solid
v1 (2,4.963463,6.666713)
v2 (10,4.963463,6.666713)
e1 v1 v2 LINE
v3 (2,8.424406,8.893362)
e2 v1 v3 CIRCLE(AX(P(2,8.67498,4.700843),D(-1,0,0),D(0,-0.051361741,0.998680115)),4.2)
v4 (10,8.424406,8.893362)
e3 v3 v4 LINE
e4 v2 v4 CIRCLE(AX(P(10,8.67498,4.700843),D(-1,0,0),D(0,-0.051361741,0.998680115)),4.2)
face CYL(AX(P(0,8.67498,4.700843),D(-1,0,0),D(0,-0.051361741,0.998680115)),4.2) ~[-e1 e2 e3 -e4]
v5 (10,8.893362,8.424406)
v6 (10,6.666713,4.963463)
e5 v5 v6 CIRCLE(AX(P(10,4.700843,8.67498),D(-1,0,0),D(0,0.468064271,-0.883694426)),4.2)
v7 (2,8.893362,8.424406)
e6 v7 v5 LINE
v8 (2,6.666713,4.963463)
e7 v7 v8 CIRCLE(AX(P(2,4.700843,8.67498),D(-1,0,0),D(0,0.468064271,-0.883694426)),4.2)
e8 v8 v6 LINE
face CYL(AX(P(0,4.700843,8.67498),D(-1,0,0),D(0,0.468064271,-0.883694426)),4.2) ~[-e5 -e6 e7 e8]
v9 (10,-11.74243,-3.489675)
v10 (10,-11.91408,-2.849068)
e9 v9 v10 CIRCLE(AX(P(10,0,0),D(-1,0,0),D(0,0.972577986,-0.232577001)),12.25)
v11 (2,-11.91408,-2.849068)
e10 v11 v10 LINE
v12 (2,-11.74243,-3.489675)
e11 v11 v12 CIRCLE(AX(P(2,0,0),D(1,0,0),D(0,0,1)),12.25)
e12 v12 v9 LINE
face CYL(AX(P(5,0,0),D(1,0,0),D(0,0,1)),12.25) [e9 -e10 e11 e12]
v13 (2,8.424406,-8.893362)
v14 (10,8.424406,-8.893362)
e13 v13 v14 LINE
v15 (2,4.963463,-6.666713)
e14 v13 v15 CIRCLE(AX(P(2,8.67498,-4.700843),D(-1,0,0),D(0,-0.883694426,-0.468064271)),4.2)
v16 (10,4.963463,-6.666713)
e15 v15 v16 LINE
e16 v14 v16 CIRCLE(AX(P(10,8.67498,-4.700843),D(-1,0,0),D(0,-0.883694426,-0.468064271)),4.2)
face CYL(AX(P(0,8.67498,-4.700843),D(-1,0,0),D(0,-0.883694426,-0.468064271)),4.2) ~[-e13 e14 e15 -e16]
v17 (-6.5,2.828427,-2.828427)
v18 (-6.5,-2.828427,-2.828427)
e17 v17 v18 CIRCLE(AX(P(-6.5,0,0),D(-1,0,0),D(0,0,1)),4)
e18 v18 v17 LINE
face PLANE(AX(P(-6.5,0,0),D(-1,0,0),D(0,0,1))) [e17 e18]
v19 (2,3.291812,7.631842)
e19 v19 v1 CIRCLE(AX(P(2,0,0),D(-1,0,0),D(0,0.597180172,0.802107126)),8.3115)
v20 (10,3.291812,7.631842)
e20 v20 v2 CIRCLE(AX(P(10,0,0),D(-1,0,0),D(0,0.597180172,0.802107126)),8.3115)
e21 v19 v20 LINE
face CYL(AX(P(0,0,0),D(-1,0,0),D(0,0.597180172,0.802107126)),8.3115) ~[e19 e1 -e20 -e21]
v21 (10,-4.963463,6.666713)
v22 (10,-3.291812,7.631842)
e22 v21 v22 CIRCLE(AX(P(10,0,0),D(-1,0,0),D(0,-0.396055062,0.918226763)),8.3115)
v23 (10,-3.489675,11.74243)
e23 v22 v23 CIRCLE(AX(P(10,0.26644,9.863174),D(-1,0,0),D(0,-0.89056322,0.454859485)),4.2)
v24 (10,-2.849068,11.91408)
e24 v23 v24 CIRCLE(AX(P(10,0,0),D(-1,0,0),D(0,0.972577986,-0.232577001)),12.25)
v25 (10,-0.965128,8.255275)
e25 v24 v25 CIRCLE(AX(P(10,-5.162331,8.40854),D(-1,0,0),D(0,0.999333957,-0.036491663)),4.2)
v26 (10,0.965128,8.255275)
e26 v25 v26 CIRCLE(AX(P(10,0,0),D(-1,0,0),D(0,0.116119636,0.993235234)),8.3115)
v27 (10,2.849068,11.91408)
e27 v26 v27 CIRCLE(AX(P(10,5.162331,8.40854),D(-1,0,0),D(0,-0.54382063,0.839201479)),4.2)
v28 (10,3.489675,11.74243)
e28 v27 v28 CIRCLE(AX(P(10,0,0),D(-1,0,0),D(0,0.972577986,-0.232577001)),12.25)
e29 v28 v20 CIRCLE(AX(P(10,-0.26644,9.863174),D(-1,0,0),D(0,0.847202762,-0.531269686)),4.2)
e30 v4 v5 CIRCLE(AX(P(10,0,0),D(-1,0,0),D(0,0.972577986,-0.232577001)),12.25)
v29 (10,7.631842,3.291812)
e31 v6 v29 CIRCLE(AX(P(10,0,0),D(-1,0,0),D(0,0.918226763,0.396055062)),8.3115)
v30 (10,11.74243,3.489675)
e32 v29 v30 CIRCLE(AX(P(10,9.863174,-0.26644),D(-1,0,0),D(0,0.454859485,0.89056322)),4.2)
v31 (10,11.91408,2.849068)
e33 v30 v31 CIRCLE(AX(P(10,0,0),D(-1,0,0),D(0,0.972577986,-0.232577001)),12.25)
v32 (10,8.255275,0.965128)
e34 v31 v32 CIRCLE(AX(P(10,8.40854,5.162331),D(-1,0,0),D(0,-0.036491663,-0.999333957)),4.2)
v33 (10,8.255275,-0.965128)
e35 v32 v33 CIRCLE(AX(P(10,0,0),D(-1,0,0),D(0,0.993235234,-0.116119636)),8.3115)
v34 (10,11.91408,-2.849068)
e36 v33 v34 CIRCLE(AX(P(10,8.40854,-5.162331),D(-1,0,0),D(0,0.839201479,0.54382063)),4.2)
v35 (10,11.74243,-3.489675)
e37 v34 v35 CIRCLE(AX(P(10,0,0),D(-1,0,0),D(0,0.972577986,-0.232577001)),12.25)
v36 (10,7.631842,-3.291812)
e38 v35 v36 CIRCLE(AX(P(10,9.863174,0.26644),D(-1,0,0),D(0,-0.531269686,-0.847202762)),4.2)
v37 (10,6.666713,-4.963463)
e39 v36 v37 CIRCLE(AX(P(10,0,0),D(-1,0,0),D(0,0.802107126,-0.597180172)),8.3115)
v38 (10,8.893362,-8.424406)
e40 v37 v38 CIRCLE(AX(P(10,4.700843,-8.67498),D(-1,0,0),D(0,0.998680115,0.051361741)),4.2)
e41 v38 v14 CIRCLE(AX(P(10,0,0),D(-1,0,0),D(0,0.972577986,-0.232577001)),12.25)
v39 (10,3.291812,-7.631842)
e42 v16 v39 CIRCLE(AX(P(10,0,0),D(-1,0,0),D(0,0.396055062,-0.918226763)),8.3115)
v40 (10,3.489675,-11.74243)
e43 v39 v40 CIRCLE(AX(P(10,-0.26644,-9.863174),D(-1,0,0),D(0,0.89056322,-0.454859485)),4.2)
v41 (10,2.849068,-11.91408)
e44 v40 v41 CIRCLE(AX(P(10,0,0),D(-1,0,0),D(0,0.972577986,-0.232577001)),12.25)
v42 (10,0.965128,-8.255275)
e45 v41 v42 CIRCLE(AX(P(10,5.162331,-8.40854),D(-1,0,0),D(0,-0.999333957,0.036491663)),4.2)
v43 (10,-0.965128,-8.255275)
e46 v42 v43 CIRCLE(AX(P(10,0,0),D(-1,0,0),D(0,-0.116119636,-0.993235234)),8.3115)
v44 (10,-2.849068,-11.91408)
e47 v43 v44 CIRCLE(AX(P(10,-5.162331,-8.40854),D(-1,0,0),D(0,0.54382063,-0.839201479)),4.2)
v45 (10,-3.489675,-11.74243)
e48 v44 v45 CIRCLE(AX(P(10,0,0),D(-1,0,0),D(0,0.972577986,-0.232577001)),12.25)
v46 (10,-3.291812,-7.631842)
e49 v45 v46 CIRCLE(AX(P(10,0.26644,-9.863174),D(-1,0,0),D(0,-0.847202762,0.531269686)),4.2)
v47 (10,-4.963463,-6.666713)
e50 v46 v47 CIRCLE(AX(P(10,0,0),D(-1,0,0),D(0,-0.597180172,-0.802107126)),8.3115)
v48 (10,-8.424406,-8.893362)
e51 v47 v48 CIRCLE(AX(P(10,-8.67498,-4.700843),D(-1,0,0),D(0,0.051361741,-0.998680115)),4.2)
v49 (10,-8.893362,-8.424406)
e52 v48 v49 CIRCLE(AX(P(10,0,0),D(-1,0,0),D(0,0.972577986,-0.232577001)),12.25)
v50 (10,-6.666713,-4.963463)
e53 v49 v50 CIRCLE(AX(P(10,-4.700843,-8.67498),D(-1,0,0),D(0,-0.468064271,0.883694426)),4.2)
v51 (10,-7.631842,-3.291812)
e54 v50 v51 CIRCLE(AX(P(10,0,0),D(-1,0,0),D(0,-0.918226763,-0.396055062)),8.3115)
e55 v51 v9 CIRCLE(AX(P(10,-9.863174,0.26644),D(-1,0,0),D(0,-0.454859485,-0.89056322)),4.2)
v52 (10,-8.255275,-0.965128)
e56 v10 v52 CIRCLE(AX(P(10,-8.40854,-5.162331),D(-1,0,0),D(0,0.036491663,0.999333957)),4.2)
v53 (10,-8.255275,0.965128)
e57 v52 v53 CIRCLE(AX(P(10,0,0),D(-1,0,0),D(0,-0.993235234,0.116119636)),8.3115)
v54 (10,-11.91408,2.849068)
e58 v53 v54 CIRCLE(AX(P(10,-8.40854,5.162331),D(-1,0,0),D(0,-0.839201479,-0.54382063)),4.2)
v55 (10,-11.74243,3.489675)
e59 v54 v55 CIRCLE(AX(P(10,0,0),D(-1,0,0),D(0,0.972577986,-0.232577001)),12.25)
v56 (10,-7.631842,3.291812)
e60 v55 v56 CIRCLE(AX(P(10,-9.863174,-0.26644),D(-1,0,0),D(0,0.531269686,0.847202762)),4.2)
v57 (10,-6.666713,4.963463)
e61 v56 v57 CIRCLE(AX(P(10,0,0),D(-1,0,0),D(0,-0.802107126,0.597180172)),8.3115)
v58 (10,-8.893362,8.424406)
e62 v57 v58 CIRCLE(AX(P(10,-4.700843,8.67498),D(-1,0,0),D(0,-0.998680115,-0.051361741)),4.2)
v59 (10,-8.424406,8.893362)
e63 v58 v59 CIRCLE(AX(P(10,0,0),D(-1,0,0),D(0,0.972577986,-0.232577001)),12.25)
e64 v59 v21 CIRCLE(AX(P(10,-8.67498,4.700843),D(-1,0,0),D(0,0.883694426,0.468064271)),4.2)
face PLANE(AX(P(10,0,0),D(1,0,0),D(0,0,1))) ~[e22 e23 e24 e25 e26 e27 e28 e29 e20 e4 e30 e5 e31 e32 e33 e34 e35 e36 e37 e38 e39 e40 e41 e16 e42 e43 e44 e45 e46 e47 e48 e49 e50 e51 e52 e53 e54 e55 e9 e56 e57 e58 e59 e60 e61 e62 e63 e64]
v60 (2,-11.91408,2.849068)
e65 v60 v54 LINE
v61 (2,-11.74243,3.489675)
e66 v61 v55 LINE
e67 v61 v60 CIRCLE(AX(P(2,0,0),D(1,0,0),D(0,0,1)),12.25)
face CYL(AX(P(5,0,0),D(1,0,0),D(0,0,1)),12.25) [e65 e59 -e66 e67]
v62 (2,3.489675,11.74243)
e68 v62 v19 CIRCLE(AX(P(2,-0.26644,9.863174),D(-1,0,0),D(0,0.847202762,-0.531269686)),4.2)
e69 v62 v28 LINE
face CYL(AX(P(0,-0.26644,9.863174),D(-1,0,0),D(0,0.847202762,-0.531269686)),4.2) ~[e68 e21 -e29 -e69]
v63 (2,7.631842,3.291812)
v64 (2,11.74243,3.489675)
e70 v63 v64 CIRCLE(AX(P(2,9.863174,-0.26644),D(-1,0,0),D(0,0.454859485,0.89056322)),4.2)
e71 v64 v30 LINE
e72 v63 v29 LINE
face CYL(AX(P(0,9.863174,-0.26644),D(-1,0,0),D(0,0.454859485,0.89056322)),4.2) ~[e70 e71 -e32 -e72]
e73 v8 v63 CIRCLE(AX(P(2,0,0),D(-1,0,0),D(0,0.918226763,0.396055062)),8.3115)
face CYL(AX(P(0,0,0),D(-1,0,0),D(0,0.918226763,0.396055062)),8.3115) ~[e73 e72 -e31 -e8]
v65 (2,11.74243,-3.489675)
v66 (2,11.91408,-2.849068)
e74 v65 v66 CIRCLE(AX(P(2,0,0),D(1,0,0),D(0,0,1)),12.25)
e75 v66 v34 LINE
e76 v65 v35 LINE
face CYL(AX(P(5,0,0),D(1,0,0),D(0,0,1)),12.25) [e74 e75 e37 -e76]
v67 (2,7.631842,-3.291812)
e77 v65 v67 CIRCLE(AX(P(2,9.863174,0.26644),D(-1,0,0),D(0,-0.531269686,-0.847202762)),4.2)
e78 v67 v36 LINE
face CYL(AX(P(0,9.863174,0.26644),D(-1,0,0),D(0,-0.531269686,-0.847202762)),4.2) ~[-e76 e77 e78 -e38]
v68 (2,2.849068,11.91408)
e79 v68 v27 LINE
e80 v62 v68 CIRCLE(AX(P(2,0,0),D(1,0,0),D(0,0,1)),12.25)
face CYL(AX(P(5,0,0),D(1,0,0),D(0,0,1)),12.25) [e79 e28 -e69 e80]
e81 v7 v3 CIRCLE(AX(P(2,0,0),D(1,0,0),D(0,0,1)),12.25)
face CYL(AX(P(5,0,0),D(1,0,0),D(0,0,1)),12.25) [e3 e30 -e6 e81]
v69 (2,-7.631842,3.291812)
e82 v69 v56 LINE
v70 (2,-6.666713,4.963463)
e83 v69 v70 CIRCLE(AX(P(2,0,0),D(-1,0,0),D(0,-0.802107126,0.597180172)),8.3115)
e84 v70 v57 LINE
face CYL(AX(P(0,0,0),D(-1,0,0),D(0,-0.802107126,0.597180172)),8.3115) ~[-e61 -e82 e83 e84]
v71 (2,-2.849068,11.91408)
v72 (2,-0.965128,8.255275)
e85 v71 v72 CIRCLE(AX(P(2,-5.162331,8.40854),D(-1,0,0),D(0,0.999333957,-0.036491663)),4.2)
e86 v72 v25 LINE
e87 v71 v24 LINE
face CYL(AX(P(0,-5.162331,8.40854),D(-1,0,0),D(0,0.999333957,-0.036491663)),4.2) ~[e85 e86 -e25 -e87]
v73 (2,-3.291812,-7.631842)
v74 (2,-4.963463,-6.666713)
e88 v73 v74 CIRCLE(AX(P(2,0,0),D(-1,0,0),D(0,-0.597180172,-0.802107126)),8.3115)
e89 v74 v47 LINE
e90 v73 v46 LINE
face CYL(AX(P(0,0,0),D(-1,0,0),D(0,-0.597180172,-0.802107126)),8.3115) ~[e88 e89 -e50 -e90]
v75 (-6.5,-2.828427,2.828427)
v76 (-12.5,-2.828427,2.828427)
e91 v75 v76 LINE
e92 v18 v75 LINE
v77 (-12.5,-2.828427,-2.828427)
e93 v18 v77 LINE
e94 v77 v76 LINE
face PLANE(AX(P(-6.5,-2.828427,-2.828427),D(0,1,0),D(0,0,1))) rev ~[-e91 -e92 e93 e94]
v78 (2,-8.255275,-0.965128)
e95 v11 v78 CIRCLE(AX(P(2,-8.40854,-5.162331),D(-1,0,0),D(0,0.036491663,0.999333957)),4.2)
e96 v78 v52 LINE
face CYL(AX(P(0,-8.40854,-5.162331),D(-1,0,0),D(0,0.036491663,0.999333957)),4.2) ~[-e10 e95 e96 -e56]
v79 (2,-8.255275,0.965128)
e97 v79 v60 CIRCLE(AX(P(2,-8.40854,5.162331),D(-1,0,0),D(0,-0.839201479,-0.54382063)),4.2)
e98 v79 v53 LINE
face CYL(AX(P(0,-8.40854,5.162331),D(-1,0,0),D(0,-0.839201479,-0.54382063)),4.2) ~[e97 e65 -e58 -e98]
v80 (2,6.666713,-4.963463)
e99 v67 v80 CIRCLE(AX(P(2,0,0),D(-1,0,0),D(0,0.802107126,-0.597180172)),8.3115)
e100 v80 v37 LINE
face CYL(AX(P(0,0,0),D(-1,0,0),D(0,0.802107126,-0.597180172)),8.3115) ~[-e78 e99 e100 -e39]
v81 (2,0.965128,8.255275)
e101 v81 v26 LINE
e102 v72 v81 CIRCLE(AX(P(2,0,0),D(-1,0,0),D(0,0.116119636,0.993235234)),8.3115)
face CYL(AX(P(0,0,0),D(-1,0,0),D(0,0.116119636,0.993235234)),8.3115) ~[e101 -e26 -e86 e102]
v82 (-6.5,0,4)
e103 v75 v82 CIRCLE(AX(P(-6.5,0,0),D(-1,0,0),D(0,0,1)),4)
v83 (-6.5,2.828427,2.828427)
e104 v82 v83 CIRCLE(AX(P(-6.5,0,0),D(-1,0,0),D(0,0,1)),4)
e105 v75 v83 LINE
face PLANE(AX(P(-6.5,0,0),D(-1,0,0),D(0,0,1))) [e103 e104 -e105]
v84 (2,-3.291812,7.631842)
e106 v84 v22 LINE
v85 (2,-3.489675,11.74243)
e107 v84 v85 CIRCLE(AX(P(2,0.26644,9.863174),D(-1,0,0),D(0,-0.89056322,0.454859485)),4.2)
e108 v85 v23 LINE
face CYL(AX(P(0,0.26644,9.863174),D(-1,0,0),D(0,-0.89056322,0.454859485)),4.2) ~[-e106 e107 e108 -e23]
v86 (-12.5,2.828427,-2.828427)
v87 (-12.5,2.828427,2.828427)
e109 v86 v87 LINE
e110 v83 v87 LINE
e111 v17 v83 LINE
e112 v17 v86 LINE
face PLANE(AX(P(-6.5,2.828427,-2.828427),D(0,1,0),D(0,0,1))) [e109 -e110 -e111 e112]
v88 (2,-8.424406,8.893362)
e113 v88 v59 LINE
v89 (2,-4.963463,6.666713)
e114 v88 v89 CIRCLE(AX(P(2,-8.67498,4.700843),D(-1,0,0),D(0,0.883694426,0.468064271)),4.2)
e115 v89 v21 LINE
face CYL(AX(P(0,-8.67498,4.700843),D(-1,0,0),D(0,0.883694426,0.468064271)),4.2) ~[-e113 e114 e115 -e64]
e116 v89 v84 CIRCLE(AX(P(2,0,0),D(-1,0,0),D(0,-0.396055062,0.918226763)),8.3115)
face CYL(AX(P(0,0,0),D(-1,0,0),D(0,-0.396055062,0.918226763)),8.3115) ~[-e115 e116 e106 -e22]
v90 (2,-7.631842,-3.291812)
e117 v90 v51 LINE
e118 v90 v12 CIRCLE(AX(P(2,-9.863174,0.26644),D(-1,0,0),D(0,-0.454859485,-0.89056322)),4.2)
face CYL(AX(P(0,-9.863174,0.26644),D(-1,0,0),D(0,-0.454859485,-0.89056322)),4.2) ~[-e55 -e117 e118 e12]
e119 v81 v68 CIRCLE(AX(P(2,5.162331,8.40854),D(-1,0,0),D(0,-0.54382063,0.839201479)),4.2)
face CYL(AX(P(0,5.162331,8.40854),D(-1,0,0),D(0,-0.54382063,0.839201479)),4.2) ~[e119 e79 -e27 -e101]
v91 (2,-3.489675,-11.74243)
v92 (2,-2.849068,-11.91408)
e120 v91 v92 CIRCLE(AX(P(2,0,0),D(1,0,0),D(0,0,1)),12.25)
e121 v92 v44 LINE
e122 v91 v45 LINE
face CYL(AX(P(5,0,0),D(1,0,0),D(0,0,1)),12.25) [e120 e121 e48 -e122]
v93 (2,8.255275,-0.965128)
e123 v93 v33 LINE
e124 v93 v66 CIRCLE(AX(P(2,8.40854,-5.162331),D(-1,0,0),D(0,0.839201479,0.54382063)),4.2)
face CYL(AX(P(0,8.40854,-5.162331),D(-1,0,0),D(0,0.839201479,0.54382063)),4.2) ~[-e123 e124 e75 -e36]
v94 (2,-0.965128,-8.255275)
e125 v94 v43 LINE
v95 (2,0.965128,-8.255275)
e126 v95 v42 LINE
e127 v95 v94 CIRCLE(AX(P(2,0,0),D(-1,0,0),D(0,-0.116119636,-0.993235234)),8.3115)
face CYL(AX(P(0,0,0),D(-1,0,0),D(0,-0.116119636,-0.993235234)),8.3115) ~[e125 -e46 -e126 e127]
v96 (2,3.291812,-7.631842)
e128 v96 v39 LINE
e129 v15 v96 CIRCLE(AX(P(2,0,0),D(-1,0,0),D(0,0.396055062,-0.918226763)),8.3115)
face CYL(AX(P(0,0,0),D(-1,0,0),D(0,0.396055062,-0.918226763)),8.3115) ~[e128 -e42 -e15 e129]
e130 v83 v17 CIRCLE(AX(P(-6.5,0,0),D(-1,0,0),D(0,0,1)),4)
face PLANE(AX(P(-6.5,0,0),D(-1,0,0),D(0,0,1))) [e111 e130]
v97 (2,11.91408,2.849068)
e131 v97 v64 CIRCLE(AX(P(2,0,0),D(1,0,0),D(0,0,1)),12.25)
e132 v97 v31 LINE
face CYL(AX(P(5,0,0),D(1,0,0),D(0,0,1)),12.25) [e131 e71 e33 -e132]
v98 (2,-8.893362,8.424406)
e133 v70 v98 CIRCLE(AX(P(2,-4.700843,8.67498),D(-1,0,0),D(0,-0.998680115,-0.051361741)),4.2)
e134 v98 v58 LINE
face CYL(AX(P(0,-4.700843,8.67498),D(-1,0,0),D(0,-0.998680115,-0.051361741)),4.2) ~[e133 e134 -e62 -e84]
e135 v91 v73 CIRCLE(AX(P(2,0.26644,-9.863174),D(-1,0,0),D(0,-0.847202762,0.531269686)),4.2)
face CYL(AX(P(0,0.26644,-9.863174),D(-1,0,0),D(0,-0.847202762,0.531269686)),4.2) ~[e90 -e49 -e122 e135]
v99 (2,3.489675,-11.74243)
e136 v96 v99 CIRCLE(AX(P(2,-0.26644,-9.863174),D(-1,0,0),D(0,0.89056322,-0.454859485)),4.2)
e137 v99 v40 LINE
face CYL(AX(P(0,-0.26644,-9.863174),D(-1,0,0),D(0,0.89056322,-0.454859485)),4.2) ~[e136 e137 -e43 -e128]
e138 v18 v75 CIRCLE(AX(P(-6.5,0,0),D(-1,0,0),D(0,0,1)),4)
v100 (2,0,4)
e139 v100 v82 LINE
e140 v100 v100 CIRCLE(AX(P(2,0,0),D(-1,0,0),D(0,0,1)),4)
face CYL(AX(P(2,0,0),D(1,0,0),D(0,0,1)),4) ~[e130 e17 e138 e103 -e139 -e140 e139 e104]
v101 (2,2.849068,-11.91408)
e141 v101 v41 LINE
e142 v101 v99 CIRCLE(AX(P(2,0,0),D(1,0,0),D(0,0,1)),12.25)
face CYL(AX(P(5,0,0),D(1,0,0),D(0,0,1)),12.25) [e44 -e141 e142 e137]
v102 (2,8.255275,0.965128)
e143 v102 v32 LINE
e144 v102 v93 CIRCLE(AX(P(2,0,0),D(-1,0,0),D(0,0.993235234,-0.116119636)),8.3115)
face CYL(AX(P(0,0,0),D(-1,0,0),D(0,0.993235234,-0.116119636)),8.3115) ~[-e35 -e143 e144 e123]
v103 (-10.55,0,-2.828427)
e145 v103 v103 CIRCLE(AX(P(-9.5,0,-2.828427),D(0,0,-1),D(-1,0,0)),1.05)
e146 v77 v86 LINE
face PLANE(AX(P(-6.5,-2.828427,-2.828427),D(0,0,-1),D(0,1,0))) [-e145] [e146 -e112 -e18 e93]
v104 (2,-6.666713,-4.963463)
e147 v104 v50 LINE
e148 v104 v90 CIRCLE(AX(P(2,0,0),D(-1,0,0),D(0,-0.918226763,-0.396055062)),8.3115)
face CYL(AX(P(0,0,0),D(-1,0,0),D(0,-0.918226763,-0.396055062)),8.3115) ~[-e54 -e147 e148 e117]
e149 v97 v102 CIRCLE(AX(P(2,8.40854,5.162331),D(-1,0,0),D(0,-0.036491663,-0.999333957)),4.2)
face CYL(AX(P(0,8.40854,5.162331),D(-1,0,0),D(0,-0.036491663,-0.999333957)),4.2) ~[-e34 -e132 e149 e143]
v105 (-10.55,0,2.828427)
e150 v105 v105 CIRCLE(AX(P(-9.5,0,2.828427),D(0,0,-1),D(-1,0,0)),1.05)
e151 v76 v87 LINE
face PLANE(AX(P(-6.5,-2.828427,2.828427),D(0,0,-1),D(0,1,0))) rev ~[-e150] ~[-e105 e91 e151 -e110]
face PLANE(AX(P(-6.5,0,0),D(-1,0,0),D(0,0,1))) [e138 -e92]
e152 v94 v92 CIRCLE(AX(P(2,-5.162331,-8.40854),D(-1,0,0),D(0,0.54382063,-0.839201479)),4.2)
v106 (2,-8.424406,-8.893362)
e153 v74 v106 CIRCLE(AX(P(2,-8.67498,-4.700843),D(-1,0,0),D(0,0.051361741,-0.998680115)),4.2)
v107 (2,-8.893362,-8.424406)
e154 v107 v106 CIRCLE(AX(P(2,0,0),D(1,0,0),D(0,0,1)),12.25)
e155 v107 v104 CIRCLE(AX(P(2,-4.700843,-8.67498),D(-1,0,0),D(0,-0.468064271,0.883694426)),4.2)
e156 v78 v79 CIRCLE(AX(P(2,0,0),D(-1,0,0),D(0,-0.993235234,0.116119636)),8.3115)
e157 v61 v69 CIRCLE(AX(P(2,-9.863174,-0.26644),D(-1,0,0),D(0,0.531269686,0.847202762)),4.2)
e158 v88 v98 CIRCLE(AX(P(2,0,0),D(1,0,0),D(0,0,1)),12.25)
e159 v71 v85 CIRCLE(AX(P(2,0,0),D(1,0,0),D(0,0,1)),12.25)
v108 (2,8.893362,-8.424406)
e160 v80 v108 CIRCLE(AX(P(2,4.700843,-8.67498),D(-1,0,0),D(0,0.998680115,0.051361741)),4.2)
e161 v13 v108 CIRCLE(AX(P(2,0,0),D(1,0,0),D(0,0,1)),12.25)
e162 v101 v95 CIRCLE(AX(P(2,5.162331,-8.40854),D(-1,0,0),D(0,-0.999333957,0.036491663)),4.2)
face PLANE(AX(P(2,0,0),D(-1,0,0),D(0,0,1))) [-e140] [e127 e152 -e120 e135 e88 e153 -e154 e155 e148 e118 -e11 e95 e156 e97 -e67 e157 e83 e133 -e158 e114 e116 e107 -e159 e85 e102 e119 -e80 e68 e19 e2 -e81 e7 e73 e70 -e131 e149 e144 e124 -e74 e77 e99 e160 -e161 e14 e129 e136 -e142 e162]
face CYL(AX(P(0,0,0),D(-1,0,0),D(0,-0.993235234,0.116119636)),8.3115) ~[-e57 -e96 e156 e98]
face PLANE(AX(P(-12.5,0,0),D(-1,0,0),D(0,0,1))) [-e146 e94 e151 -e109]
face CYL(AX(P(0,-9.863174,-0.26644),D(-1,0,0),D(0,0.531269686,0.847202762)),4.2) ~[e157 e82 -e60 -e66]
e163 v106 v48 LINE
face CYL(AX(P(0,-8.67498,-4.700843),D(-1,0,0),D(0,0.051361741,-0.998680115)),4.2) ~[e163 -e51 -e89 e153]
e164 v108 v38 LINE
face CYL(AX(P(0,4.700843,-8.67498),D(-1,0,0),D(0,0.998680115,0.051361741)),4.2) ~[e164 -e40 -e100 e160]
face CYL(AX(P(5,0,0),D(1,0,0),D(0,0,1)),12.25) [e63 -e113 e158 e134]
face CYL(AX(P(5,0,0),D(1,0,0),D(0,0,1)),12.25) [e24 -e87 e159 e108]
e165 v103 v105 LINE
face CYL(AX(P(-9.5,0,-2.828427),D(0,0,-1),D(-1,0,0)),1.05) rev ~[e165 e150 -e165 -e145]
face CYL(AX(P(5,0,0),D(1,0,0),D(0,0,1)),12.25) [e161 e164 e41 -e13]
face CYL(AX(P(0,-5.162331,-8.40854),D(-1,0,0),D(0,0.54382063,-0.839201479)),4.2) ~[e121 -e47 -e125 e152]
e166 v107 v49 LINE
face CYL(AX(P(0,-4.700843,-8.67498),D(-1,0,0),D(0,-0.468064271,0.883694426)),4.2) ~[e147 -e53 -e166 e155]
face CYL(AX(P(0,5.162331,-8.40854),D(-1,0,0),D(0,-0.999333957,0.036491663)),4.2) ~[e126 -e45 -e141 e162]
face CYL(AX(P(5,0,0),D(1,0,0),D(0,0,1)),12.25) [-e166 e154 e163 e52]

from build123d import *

# Parameters (mm, degrees)
BASPROSKE_W             = 10
BASPROSKE_H             = 12.25
TOOTHCUT_DEPTH          = 21.003124756
TEETHCUTS_COUNT         = 12
TEETHCUTS_ANGLE         = 330
BORSKE_R                = 4.5
BORE_DEPTH              = 50.0000508
ESQUISSE4_R             = 16.84973796
ENL_V_MAT_EXTRU_2_DEPTH = 2
ESQUISSE5_R             = 5.070841349
BOSS_EXTRU_7_DEPTH      = 8
ESQUISSE6_R             = 4
BOSS_EXTRU_8_DEPTH      = 8.5
ESQUISSE7_W             = 5.65685425
ESQUISSE7_H             = 5.65685425
BOSS_EXTRU_9_DEPTH      = 6
ESQUISSE8_R             = 1.05
ENL_V_MAT_EXTRU_3_DEPTH = 6


with BuildPart() as part:
    # BasProSke → Base-Revolve (revolve)
    with BuildSketch(Plane(origin=(0, 0, 0), x_dir=(1, 0, 0), z_dir=(0, 1, 0)), mode=Mode.PRIVATE) as base_revolve_sk:
        with Locations((5, 6.125)):
            Rectangle(BASPROSKE_W, BASPROSKE_H)
    revolve(base_revolve_sk.sketch.rotate(Axis((-10, 0, 0), (1, 0, 0)), 180), axis=Axis((-10, 0, 0), (1, 0, 0)))

    # TooCutSke → ToothCut (cut, through all)
    with BuildSketch(Plane(origin=(0, 0, 0), x_dir=(0, 0, -1), z_dir=(1, 0, 0))):
        with BuildLine():
            ThreePointArc((0.965128363, 8.255274647), (0, 8.3115), (-0.965128363, 8.255274647))
            ThreePointArc((-0.965128363, 8.255274647), (-1.43628674, 10.346733197), (-2.878284339, 11.933185846))
            ThreePointArc((-2.878284339, 11.933185846), (0, 12.2754), (2.878284339, 11.933185846))
            ThreePointArc((2.878284339, 11.933185846), (1.43628674, 10.346733197), (0.965128363, 8.255274647))
        make_face()
    toothcut = extrude(amount=TOOTHCUT_DEPTH, mode=Mode.SUBTRACT)

    # TeethCuts: ToothCut ×12 about axis
    teethcuts_axis = Axis((-10, 0, 0), (1, 0, 0))
    for i in range(1, TEETHCUTS_COUNT):
        add(toothcut.rotate(teethcuts_axis, i * TEETHCUTS_ANGLE / (TEETHCUTS_COUNT - 1)), mode=Mode.SUBTRACT)

    # BorSke → Bore (cut, symmetric)
    with BuildSketch(Plane(origin=(0, 0, 0), x_dir=(0, 0, -1), z_dir=(1, 0, 0))):
        with Locations(Location((0, 0, 0), (0, 0, 180))):
            Circle(BORSKE_R)
    extrude(amount=BORE_DEPTH, both=True, mode=Mode.SUBTRACT)

    # Esquisse4 → Enlèv. mat.-Extru.2 (cut)
    with BuildSketch(Plane.ZY):
        Circle(ESQUISSE4_R)
    extrude(amount=-ENL_V_MAT_EXTRU_2_DEPTH, mode=Mode.SUBTRACT)

    # Esquisse5 → Boss.-Extru.7 (add)
    with BuildSketch(Plane.ZY.offset(-2)):
        Circle(ESQUISSE5_R)
    extrude(amount=-BOSS_EXTRU_7_DEPTH)

    # Esquisse6 → Boss.-Extru.8 (add)
    with BuildSketch(Plane.ZY.offset(-2)):
        Circle(ESQUISSE6_R)
    extrude(amount=BOSS_EXTRU_8_DEPTH)

    # Esquisse7 → Boss.-Extru.9 (add)
    with BuildSketch(Plane.ZY.offset(6.5)):
        Rectangle(ESQUISSE7_W, ESQUISSE7_H)
    extrude(amount=BOSS_EXTRU_9_DEPTH)

    # Esquisse8 → Enlèv. mat.-Extru.3 (cut)
    with BuildSketch(Plane(origin=(0, 0, -2.828427125), x_dir=(-1, 0, 0), z_dir=(0, 0, -1))):
        with Locations((9.5, 0)):
            Circle(ESQUISSE8_R)
    extrude(amount=-ENL_V_MAT_EXTRU_3_DEPTH, mode=Mode.SUBTRACT)


solid = part.part
